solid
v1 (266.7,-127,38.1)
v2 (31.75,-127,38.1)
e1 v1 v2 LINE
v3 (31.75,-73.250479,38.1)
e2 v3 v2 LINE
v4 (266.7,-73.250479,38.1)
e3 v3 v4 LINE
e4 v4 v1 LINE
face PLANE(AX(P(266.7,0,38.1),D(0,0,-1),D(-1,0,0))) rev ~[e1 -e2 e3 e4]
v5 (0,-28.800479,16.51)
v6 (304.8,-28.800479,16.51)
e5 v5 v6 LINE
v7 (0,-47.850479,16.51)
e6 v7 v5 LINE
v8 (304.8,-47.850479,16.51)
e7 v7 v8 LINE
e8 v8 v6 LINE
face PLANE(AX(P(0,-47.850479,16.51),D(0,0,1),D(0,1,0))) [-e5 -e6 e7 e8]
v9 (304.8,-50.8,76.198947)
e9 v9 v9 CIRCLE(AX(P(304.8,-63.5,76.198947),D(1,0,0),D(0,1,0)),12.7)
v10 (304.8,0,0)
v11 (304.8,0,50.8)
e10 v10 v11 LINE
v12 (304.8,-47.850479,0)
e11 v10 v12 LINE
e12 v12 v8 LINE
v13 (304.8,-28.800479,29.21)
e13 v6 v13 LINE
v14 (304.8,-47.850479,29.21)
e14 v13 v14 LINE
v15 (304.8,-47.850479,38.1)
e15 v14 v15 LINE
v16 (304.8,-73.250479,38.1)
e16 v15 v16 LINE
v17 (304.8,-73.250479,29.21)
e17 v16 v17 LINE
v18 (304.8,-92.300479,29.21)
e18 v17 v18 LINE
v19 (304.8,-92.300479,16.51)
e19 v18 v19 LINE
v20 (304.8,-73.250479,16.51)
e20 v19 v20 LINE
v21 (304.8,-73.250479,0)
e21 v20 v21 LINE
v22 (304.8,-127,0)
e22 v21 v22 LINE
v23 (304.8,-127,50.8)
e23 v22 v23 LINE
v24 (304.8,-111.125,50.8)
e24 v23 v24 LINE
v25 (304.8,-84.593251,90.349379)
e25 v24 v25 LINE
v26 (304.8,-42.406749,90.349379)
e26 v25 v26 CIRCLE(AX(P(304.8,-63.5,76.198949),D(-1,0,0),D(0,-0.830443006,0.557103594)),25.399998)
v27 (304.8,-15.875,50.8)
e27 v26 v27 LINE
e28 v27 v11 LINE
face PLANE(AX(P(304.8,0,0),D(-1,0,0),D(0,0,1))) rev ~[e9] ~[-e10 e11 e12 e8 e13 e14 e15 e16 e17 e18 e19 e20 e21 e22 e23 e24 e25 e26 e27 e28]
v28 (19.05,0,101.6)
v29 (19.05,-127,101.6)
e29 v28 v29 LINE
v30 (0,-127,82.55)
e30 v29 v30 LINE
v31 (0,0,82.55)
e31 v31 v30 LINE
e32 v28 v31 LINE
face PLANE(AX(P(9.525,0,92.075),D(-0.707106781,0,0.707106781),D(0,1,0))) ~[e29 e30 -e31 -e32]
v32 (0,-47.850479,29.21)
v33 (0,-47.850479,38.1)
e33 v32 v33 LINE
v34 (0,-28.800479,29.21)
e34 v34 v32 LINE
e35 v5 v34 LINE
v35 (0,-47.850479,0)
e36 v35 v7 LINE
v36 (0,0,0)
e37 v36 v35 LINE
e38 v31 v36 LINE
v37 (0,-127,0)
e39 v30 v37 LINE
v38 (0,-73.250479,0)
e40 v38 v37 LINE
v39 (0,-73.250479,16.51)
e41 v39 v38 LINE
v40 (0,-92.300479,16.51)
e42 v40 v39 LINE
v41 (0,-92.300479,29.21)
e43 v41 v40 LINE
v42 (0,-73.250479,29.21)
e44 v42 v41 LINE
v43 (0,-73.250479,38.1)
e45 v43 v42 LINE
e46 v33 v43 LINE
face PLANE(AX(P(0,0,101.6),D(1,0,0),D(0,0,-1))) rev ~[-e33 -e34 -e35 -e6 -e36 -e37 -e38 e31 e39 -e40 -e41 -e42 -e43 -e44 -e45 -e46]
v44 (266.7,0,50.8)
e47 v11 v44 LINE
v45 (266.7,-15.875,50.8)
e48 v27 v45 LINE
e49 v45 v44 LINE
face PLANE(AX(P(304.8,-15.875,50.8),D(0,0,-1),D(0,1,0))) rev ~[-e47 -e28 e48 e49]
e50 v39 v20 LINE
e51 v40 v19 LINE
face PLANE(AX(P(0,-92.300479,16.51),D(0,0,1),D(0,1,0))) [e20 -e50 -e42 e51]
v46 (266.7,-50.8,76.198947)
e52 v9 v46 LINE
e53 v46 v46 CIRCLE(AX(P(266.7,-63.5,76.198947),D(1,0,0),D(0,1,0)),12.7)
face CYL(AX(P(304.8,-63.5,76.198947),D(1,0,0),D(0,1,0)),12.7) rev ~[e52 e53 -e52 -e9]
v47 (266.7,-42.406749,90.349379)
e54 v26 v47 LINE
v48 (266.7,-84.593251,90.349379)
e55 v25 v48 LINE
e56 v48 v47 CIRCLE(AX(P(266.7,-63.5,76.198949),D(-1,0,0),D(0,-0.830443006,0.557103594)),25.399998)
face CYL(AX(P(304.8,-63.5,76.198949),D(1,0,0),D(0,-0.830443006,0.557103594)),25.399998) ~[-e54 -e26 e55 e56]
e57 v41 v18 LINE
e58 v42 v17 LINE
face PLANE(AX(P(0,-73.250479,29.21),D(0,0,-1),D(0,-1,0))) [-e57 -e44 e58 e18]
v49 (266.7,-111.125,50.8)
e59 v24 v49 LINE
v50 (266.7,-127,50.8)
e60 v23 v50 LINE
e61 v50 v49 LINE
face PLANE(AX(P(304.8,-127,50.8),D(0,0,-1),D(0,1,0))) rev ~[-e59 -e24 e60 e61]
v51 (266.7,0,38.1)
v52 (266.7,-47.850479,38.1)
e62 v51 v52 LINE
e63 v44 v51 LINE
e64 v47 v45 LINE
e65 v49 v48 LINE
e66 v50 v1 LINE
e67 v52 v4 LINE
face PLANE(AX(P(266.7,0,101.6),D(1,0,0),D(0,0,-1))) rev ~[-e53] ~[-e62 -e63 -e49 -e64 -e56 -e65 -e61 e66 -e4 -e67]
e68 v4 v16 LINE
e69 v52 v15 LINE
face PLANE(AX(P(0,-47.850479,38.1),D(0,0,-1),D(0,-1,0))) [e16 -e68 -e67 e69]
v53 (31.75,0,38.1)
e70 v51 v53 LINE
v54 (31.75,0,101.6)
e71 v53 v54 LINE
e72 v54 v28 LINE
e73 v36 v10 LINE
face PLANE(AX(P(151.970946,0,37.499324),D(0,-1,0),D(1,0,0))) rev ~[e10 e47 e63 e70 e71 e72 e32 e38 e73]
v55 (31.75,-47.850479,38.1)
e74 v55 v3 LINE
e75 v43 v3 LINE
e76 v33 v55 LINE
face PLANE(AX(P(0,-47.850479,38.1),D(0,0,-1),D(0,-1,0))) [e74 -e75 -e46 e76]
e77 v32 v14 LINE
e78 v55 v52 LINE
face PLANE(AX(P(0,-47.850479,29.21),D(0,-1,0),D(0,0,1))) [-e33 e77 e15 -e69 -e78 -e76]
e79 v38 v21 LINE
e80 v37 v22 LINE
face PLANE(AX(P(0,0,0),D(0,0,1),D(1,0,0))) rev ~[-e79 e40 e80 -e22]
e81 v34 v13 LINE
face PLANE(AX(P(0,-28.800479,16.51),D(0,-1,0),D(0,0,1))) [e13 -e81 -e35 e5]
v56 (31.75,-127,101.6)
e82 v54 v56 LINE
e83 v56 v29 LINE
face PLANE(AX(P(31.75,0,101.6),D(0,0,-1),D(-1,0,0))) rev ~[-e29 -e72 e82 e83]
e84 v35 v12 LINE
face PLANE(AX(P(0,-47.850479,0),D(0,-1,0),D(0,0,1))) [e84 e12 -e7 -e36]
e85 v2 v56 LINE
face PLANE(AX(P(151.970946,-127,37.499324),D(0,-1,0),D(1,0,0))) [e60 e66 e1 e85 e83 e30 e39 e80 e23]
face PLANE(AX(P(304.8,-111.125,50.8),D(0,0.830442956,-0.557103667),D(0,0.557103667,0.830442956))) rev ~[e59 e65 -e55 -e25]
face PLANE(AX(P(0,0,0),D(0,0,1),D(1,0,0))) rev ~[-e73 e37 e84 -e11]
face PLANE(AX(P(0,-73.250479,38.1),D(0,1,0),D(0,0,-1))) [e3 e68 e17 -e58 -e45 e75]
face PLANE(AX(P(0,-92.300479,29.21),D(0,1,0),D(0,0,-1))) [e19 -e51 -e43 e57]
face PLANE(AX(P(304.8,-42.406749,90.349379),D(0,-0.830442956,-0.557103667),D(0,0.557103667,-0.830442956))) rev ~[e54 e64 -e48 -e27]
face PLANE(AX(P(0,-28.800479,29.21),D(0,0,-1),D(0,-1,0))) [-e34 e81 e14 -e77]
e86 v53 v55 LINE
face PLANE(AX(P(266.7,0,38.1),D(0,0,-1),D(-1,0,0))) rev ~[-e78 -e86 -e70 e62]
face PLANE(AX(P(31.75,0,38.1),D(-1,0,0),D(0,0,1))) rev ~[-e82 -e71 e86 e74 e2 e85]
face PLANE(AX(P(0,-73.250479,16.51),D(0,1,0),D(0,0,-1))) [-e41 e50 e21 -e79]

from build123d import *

# Parameters (mm, degrees)
F1_DEPTH = 127
F2_SIZE  = 19.05
F4_DEPTH = 304.8
F5_R     = 12.7
F6_DEPTH = 38.1


with BuildPart() as f1:
    # F0 (on Front) → F1 (new body)
    with BuildSketch(Plane.XZ):
        Polygon((31.75, 101.6), (0, 101.6), (0, 0), (304.8, 0), (304.8, 101.6), (266.7, 101.6), (266.7, 38.1), (31.75, 38.1), align=None)
    extrude(amount=F1_DEPTH)

    # F2
    f2_edges = [f1.edges().sort_by_distance(p)[0] for p in [
        (0, -63.5, 101.6),
    ]]
    chamfer(f2_edges, length=F2_SIZE)

    # F3 (on Right) → F4 (cut, through all)
    with BuildSketch(Plane.YZ):
        Polygon((-73.250479, 0), (-47.850479, 0), (-47.850479, 16.51), (-28.800479, 16.51), (-28.800479, 29.21), (-47.850479, 29.21), (-47.850479, 38.1), (-73.250479, 38.1), (-73.250479, 29.21), (-92.300479, 29.21), (-92.300479, 16.51), (-73.250479, 16.51), align=None)
    extrude(amount=F4_DEPTH, mode=Mode.SUBTRACT)

    # F5 (on face) → F6 (cut, through all)
    with BuildSketch(Plane.YZ.offset(304.8)):
        with BuildLine():
            Line((-127, 101.6), (-127, 50.8))
            Line((-127, 50.8), (-111.125, 50.8))
            Line((-111.125, 50.8), (-84.593251, 90.349379))
            ThreePointArc((-84.593251, 90.349379), (-63.5, 101.598947), (-42.406749, 90.349379))
            Line((-42.406749, 90.349379), (-15.875, 50.8))
            Line((-15.875, 50.8), (0, 50.8))
            Line((0, 50.8), (0, 101.6))
            Line((0, 101.6), (-127, 101.6))
        make_face()
        with Locations((-63.5, 76.198947)):
            Circle(F5_R)
    extrude(amount=-F6_DEPTH, mode=Mode.SUBTRACT)


solid = f1.part
